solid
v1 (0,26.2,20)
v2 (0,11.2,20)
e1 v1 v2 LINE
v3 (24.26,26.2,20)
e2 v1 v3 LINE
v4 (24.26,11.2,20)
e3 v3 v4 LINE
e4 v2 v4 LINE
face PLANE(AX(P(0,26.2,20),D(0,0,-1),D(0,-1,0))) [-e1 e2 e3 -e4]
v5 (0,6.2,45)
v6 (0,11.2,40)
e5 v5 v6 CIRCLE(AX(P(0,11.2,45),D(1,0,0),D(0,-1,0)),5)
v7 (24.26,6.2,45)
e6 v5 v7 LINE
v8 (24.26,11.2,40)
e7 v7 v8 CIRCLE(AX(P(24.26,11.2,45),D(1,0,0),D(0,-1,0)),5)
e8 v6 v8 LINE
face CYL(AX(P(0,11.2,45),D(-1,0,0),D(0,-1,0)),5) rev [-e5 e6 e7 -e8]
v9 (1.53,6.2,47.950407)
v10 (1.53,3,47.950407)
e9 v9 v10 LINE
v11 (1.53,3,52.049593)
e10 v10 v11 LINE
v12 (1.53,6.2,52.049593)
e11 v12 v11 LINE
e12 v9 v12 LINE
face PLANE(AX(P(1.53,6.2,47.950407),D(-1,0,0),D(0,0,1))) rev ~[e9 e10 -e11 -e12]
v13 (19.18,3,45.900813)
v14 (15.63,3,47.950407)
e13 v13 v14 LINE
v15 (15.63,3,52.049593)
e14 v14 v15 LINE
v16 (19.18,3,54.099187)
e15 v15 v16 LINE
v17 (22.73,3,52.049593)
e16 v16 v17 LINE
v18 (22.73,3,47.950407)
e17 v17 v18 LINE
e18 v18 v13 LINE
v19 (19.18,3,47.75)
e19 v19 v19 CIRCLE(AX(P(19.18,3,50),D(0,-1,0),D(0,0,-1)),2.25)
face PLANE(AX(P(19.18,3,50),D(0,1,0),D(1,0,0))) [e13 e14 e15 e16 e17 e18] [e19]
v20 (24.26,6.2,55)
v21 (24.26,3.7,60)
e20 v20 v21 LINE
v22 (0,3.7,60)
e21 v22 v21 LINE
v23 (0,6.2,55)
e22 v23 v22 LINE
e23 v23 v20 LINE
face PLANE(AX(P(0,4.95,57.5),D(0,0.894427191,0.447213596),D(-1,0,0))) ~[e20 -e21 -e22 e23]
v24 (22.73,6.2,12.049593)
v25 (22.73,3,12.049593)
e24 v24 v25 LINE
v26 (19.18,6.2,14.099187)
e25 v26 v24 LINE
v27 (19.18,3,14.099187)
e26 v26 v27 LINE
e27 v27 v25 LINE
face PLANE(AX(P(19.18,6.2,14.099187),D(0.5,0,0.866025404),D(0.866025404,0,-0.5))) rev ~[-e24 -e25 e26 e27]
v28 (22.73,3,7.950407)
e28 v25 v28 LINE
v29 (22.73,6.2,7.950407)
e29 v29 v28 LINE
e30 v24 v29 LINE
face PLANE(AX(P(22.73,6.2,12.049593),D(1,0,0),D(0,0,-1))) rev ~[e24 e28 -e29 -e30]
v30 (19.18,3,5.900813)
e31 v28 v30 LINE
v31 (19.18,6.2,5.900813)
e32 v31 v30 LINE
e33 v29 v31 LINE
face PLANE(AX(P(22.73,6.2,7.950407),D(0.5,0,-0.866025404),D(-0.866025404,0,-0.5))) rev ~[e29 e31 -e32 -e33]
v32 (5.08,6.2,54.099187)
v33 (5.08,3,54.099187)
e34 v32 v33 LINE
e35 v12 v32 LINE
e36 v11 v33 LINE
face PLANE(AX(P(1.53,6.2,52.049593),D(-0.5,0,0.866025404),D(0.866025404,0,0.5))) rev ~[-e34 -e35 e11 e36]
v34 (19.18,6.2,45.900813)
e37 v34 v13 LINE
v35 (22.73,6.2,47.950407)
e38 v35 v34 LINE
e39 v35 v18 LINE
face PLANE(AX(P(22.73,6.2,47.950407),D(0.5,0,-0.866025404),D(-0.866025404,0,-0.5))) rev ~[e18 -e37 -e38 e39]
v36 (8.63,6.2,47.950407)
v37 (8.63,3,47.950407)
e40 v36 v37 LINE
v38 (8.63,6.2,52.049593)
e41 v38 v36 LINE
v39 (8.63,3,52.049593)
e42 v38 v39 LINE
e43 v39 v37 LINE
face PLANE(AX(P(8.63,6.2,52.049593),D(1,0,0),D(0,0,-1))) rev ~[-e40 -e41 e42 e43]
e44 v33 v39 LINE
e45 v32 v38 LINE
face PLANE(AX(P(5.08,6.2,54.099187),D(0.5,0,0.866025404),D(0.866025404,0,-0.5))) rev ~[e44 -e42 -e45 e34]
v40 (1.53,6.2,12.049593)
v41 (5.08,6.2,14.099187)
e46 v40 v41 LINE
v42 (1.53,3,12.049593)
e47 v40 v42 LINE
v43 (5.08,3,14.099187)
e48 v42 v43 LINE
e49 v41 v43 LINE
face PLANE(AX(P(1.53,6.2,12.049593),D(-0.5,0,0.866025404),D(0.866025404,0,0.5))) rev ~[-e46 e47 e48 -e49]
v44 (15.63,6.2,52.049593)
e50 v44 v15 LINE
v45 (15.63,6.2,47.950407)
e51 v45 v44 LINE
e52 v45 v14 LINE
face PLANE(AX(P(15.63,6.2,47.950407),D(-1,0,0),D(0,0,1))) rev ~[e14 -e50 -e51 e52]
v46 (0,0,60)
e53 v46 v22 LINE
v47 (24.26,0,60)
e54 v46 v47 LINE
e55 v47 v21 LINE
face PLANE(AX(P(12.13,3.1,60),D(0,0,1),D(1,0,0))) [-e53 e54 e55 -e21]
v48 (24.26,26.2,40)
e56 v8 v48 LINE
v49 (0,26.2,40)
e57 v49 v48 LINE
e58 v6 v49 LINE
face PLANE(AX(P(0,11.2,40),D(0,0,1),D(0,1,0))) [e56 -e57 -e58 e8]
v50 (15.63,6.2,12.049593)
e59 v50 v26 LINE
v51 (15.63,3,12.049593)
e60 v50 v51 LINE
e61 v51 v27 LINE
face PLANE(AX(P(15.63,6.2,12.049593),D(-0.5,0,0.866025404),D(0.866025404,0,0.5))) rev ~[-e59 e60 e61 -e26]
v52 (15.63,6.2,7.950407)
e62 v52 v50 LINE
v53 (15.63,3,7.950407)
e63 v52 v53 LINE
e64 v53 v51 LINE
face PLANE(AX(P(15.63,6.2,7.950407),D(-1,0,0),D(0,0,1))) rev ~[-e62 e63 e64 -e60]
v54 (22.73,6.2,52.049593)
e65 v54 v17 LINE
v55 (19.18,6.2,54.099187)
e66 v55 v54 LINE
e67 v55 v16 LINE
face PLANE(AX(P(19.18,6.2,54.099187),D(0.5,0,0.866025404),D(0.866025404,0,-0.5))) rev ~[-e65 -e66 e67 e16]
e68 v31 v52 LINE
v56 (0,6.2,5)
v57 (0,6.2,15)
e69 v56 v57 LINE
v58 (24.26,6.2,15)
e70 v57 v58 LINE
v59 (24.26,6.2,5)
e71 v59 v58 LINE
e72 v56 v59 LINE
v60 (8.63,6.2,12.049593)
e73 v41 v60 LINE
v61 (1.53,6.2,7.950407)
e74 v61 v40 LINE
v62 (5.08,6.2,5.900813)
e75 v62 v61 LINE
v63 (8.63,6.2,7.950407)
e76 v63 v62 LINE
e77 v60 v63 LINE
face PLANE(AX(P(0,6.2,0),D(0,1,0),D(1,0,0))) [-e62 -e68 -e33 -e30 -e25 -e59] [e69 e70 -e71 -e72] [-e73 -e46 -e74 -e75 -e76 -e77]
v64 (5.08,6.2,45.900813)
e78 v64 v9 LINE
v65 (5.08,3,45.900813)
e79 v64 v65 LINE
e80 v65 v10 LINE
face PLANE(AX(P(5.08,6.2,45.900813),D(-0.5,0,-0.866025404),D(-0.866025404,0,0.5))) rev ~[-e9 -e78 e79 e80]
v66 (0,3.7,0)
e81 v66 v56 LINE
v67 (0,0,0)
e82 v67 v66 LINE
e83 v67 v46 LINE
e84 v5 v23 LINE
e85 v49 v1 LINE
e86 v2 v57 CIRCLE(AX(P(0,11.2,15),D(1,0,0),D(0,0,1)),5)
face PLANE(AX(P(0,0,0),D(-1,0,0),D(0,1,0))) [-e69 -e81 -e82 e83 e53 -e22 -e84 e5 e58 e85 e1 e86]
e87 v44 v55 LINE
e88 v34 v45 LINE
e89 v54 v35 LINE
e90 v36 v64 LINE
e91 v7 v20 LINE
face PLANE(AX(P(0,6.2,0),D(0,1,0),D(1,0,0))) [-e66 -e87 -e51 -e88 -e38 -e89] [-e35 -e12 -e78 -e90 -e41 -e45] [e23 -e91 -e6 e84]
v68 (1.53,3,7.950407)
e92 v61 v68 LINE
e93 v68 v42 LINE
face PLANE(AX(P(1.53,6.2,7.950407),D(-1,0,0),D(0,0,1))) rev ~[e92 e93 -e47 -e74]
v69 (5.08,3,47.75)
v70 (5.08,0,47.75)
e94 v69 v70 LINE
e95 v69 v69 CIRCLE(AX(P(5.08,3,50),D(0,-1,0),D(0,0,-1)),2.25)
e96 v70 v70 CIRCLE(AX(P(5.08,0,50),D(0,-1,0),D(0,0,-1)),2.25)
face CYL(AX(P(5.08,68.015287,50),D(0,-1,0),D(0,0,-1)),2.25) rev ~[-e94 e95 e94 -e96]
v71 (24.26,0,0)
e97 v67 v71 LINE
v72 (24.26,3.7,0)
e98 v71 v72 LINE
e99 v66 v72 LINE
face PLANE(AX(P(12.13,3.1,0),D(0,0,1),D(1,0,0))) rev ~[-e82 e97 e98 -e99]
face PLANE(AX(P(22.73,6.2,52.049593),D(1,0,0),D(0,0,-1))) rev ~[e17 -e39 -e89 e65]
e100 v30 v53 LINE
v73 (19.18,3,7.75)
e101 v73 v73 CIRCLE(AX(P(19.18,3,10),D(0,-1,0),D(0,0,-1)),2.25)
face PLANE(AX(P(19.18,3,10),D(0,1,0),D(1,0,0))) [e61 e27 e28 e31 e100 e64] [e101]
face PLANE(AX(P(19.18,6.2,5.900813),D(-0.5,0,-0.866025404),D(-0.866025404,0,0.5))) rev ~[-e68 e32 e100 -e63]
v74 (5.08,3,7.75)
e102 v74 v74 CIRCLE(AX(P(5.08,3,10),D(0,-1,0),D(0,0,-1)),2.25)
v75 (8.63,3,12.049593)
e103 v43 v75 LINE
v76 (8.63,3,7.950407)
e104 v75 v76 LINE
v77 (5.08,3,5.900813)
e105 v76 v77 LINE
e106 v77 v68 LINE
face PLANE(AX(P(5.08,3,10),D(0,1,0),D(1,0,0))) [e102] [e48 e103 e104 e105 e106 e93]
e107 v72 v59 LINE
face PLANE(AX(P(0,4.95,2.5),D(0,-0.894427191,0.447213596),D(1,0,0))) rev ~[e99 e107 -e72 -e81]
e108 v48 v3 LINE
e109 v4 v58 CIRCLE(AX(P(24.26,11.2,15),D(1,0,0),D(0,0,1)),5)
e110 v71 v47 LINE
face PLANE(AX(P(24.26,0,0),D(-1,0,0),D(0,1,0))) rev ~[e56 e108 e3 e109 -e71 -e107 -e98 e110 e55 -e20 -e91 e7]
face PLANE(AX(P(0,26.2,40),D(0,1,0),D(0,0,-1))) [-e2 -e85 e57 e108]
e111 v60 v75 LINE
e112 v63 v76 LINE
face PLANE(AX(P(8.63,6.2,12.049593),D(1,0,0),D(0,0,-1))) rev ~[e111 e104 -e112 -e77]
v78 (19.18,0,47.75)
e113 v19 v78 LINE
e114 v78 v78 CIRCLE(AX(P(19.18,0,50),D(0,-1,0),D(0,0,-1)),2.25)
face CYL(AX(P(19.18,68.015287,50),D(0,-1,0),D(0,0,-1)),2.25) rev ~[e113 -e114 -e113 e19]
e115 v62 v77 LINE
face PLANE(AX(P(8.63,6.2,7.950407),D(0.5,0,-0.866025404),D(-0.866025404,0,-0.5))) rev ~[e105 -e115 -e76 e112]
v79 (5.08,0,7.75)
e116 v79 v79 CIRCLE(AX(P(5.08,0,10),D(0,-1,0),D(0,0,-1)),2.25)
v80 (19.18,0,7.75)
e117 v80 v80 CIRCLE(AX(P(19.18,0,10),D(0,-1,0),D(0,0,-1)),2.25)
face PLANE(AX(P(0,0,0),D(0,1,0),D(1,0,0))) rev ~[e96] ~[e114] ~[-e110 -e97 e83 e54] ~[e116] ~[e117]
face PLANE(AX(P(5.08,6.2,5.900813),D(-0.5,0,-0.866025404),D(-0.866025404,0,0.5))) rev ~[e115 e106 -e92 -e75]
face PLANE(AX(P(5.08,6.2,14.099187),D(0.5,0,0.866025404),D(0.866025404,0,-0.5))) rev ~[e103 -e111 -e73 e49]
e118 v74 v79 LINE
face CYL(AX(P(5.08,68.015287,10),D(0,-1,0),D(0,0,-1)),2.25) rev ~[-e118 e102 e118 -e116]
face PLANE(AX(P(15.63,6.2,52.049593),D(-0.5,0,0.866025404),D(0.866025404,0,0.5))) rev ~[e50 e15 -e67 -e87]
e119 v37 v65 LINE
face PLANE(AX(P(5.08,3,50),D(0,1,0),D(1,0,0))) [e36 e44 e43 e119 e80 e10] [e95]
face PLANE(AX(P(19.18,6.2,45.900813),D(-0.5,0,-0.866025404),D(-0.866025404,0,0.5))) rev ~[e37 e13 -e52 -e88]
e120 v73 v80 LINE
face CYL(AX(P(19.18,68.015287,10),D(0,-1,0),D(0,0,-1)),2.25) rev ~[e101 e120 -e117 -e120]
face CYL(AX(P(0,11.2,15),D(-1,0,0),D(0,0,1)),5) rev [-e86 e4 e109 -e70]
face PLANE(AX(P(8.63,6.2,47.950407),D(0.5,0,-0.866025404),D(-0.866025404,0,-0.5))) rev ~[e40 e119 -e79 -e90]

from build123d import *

# Parameters (mm, degrees)
SKETCH_1_W          = 24.26
SKETCH_1_H          = 6.2
EXTRUDE_1_DEPTH     = 60
CUT_EXTRUDE_1_DEPTH = 3.2
HOLE_WIZARD_M41_D   = 4.5
EXTRUDE_2_DEPTH     = 24.26
CHAMFER_1_SIZE      = 2.5
CHAMFER_1_SIZE2     = 5
CHAMFER_2_SIZE      = 5
CHAMFER_2_SIZE2     = 2.5


with BuildPart() as part:
    # Эскиз1 → Бобышка-Вытянуть1 (new body)
    with BuildSketch(Plane.XY):
        with Locations((12.13, 3.1)):
            Rectangle(SKETCH_1_W, SKETCH_1_H)
    extrude(amount=EXTRUDE_1_DEPTH)

    # Эскиз2 → Вырез-Вытянуть1 (cut)
    with BuildSketch(Plane(origin=(0, 6.2, 0), x_dir=(1, 0, 0), z_dir=(0, 1, 0))):
        Polygon((1.53, -47.950406544), (1.53, -52.049593456), (5.08, -54.099186911), (8.63, -52.049593456), (8.63, -47.950406544), (5.08, -45.900813089), align=None)
        Polygon((15.63, -47.950406544), (15.63, -52.049593456), (19.18, -54.099186911), (22.73, -52.049593456), (22.73, -47.950406544), (19.18, -45.900813089), align=None)
        Polygon((15.63, -7.950406544), (15.63, -12.049593456), (19.18, -14.099186911), (22.73, -12.049593456), (22.73, -7.950406544), (19.18, -5.900813089), align=None)
        Polygon((5.08, -14.099186911), (8.63, -12.049593456), (8.63, -7.950406544), (5.08, -5.900813089), (1.53, -7.950406544), (1.53, -12.049593456), align=None)
    extrude(amount=-CUT_EXTRUDE_1_DEPTH, mode=Mode.SUBTRACT)

    # Отверстие с зазором M41 (through all)
    with Locations(Plane(origin=(5.08, 3, 50), x_dir=(0, 0, 1), z_dir=(0, 1, 0))):
        with Locations((0, 0), (0, 14.1), (-40, 0), (-40, 14.1)):
            Hole(HOLE_WIZARD_M41_D / 2)

    # Эскиз6 → Бобышка-Вытянуть2 (add)
    with BuildSketch(Plane.ZY):
        with BuildLine():
            Line((40, 26.2), (20, 26.2))
            Line((20, 26.2), (20, 11.2))
            ThreePointArc((20, 11.2), (18.535533906, 7.664466094), (15, 6.2))
            Line((15, 6.2), (45, 6.2))
            ThreePointArc((45, 6.2), (41.464466094, 7.664466094), (40, 11.2))
            Line((40, 11.2), (40, 26.2))
        make_face()
    extrude(amount=-EXTRUDE_2_DEPTH)

    # Фаска1
    chamfer_1_edges = [part.edges().sort_by_distance(p)[0] for p in [
        (12.13, 6.2, 0),
    ]]
    chamfer_1_side = [part.faces().sort_by_distance(p)[0] for p in [
        (12.13, 3.1, 0),
    ]]
    chamfer(chamfer_1_edges, length=CHAMFER_1_SIZE, length2=CHAMFER_1_SIZE2, reference=chamfer_1_side[0])

    # Фаска2
    chamfer_2_edges = [part.edges().sort_by_distance(p)[0] for p in [
        (12.13, 6.2, 60),
    ]]
    chamfer_2_side = [part.faces().sort_by_distance(p)[0] for p in [
        (12.13, 6.2, 53.289196352),
    ]]
    chamfer(chamfer_2_edges, length=CHAMFER_2_SIZE, length2=CHAMFER_2_SIZE2, reference=chamfer_2_side[0])


solid = part.part
